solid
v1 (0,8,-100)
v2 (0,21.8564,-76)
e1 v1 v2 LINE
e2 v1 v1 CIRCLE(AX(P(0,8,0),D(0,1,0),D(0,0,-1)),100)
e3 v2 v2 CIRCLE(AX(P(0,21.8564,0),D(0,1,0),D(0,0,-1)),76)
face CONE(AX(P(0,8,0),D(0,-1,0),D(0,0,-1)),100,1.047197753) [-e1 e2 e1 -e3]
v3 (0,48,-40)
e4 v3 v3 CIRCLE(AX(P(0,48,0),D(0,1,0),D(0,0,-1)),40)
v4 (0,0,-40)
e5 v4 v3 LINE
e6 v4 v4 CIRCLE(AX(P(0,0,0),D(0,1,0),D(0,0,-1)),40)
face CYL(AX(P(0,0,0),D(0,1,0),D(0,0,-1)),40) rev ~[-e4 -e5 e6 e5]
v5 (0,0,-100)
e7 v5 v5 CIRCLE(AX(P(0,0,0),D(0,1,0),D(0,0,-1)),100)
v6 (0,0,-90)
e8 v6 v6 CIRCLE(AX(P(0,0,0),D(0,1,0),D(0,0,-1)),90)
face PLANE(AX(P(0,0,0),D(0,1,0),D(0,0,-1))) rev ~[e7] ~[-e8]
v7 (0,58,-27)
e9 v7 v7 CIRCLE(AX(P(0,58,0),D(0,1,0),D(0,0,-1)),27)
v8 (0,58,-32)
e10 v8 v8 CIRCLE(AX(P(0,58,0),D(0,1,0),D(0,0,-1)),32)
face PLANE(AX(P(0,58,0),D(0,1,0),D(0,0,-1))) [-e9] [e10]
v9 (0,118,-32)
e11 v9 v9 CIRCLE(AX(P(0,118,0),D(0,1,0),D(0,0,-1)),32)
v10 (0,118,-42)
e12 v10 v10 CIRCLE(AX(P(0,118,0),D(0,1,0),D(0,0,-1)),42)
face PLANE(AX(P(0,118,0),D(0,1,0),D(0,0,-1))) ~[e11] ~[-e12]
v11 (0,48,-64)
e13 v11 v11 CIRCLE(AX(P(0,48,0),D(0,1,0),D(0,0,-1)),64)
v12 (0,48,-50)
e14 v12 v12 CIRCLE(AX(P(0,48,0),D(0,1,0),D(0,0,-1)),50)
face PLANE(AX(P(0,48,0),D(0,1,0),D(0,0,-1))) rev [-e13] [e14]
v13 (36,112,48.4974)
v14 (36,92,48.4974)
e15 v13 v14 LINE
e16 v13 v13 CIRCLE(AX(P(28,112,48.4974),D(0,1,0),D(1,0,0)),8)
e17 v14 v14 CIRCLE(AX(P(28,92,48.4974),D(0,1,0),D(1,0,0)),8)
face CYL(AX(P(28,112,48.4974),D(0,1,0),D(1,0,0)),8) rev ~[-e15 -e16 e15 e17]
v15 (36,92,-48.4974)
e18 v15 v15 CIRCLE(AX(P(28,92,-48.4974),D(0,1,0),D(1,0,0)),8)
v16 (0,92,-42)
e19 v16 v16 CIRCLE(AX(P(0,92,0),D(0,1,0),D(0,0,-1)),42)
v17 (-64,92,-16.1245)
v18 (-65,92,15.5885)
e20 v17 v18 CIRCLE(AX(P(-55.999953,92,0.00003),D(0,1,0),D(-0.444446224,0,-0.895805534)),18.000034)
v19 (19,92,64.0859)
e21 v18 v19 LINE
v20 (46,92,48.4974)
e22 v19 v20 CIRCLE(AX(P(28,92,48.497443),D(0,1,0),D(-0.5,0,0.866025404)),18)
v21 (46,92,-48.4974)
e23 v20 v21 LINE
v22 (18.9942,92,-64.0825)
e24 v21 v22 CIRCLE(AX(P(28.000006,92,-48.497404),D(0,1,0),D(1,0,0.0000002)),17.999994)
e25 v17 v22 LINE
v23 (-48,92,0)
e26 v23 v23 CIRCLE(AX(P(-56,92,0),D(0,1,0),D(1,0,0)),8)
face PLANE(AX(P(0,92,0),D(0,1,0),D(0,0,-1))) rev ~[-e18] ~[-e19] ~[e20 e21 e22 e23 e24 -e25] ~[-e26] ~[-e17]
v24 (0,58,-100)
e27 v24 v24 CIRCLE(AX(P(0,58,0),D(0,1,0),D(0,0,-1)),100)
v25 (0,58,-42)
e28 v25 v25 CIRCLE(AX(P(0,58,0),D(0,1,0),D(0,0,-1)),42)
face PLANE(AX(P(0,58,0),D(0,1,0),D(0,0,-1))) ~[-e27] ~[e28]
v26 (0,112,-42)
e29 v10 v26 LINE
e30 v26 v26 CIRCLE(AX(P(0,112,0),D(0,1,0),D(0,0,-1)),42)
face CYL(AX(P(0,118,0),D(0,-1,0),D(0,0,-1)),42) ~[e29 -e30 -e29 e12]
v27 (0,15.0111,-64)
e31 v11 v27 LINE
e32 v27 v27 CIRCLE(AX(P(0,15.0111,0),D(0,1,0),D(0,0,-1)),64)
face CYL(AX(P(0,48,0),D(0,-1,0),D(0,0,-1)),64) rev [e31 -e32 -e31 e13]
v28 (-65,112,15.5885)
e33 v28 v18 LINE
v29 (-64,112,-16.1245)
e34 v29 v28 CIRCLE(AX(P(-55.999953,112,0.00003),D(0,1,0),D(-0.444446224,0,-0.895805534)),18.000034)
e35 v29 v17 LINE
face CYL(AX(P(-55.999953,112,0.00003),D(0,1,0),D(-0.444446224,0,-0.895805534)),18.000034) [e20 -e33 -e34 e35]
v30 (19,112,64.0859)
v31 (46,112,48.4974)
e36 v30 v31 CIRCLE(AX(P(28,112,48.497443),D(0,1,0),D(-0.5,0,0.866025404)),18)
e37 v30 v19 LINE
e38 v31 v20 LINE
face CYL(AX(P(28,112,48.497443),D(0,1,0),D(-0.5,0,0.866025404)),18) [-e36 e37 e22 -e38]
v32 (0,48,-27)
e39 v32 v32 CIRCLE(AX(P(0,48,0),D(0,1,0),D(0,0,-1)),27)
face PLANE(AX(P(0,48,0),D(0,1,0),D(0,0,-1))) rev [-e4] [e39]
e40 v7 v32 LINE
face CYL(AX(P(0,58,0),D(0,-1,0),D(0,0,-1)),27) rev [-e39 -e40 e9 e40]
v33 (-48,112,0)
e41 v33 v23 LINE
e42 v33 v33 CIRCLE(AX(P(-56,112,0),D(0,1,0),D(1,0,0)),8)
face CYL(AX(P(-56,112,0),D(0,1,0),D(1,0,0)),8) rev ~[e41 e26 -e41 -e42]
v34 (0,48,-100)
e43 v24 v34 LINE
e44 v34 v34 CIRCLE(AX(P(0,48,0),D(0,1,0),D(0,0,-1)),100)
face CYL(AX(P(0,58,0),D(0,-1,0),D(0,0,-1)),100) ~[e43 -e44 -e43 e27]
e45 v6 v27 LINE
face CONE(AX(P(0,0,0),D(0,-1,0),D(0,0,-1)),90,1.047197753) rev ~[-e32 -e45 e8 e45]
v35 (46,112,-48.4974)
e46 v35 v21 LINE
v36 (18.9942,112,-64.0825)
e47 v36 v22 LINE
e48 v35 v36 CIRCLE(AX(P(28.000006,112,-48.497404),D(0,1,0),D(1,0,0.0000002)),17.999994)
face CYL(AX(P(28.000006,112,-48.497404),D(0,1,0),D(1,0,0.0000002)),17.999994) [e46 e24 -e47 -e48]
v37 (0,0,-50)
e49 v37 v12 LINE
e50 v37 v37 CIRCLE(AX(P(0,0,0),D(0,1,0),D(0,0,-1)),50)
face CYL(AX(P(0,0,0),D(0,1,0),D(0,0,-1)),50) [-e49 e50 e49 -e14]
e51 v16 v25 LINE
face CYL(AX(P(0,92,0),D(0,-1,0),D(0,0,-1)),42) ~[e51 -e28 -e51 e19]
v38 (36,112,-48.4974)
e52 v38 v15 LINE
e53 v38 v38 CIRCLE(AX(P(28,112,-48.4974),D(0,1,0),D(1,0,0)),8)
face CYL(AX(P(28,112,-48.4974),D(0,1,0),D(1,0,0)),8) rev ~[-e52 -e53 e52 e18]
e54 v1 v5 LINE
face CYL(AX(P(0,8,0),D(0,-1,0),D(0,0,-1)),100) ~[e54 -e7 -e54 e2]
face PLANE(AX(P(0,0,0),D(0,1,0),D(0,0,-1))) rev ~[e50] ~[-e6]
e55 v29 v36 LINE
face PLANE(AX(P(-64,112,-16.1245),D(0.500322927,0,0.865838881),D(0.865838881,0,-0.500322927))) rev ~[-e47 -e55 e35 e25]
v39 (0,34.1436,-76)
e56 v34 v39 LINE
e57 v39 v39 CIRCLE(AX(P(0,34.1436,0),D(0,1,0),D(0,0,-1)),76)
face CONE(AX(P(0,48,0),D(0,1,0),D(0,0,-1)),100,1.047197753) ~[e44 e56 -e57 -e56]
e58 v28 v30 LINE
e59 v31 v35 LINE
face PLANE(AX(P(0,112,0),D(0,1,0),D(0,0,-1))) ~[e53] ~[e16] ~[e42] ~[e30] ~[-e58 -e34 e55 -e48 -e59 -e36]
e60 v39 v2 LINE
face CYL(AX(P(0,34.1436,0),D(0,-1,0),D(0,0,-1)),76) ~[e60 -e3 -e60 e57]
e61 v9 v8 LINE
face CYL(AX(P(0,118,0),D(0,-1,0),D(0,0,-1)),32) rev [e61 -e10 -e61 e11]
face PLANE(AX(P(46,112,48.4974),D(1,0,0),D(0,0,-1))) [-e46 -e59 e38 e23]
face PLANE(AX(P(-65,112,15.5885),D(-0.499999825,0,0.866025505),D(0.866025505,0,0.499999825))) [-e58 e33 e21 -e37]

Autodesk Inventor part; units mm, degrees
ref_plane "YZ Plane" through (0, 0, 0) normal (1, 0, 0) x (0, 1, 0)
ref_plane "XZ Plane" through (0, 0, 0) normal (0, 1, 0) x (-1, 0, 0)
ref_plane "XY Plane" through (0, 0, 0) normal (0, 0, 1) x (1, 0, 0)
sketch "Sketch2" plane through (0, 0, 0) normal (1, 0, 0) x (0, 1, 0)
  line L0 (0, 0) -> (48, 0) construction
  line L1 (48, 0) -> (58, 0) construction
  line L2 (58, 0) -> (118, 0) construction
  line L3 (118, 0) -> (118, -32) construction
  line L4 (118, -32) -> (118, -42)
  line L5 (118, -42) -> (112, -42)
  line L6 (112, -42) -> (112, -74)
  line L7 (92, -74) -> (92, -42)
  line L8 (92, -42) -> (58, -42)
  line L9 (58, -42) -> (58, -100)
  line L10 (58, -100) -> (48, -100)
  line L11 (48, -100) -> (8, -100) construction
  line L12 (8, -100) -> (0, -100)
  line L13 (0, -100) -> (0, 0) construction
  line L14 (58, -100) -> (58, -64)
  line L15 (58, -64) -> (0, -64) construction
  line L16 (48, -100) -> (48, 0) construction
  line L17 (0, -64) -> (0, -50) construction
  line L18 (58, -100) -> (58, -76)
  line L19 (58, -76) -> (0, -76) construction
  line L20 (48, -100) -> (34.1436, -76)
  line L21 (8, -100) -> (21.8564, -76)
  line L22 (0, -100) -> (0, -90)
  line L23 (0, -50) -> (48, -50)
  line L24 (0, -90) -> (15.0111, -64)
  line L25 (0, -50) -> (0, -40)
  line L26 (0, -40) -> (48, -40)
  line L27 (48, -64) -> (15.0111, -64)
  line L28 (34.1436, -76) -> (21.8564, -76)
  line L29 (118, -32) -> (48, -32) construction
  line L30 (58, 0) -> (58, -32) construction
  line L31 (58, -32) -> (58, -27)
  line L32 (58, -27) -> (48, -27)
  line L33 (118, -32) -> (58, -32)
  line L34 (48, -27) -> (48, -40)
  line L35 (48, -50) -> (48, -64)
  line L36 (28, -100) -> (28, -76) construction
  line L37 (112, -74) -> (92, -74)
  dimension "d0" = 48
  dimension "d1" = 10
  dimension "d2" = 60
  dimension "d3" = 32
  dimension "d4" = 10
  dimension "d5" = 6
  dimension "d6" = 32
  dimension "d7" = 20
  dimension "d9" = 58
  dimension "d10" = 40
  dimension "d11" = 36
  dimension "d12" = 14
  dimension "d13" = 24
  dimension "d17" = 10
  dimension "d19" = 30
  dimension "d20" = 10
  dimension "d21" = 5
revolve "Revolution1" add sketch "Sketch2" angle 360 about axis through (0, 58, 0) along (0, 1, 0)
sketch "Sketch6" plane through (0, 112, 0) normal (0, 1, 0) x (1, 0, 0)
  circle A0 centre (0, 0) radius 56 construction
  circle A1 centre (-56, 0) radius 8
  circle A2 centre (-56, 0) radius 18 construction
  line L0 (-74, 0) -> (74, 0) construction
  circle A3 centre (0, 0) radius 74 projected
  line L1 (-74, 0) -> (37, -64.0859) construction
  line L2 (37, -64.0859) -> (0, 0) construction
  line L3 (-74, 0) -> (37, 64.0859) construction
  line L4 (37, -64.0859) -> (37, 64.0859) construction
  circle A4 centre (28, -48.4974) radius 18 construction
  circle A5 centre (28, -48.4974) radius 8
  line L5 (0, 0) -> (37, 64.0859) construction
  circle A6 centre (28, 48.4974) radius 8
  circle A7 centre (28, 48.4974) radius 18 construction
  line L6 (-65, -15.5885) -> (19, -64.0859)
  line L7 (-64, 16.1245) -> (18.9942, 64.0825)
  line L8 (46, -48.4974) -> (46, 48.4974)
  arc A8 (46, 48.4974) -> (18.9942, 64.0825) centre (28, 48.4974) ccw
  arc A9 (-64, 16.1245) -> (-65, -15.5885) centre (-56, 0) ccw
  arc A10 (19, -64.0859) -> (46, -48.4974) centre (28, -48.4974) ccw
  point P0 (37, -64.0859)
  dimension "d26" = 112
  dimension "d27" = 16
  dimension "d28" = 36
  dimension "d29" = 30
  dimension "d30" = 36
  dimension "d31" = 16
  dimension "d32" = 16
  dimension "d33" = 36
extrude "Extrusion1" cut sketch "Sketch6" against normal blind 20 contours A1 | A3 A10 L8 A8 | A8 L7 A9 A3 | A3 A9 L6 A10 | A5 | A6
properties part number "baitap1"
